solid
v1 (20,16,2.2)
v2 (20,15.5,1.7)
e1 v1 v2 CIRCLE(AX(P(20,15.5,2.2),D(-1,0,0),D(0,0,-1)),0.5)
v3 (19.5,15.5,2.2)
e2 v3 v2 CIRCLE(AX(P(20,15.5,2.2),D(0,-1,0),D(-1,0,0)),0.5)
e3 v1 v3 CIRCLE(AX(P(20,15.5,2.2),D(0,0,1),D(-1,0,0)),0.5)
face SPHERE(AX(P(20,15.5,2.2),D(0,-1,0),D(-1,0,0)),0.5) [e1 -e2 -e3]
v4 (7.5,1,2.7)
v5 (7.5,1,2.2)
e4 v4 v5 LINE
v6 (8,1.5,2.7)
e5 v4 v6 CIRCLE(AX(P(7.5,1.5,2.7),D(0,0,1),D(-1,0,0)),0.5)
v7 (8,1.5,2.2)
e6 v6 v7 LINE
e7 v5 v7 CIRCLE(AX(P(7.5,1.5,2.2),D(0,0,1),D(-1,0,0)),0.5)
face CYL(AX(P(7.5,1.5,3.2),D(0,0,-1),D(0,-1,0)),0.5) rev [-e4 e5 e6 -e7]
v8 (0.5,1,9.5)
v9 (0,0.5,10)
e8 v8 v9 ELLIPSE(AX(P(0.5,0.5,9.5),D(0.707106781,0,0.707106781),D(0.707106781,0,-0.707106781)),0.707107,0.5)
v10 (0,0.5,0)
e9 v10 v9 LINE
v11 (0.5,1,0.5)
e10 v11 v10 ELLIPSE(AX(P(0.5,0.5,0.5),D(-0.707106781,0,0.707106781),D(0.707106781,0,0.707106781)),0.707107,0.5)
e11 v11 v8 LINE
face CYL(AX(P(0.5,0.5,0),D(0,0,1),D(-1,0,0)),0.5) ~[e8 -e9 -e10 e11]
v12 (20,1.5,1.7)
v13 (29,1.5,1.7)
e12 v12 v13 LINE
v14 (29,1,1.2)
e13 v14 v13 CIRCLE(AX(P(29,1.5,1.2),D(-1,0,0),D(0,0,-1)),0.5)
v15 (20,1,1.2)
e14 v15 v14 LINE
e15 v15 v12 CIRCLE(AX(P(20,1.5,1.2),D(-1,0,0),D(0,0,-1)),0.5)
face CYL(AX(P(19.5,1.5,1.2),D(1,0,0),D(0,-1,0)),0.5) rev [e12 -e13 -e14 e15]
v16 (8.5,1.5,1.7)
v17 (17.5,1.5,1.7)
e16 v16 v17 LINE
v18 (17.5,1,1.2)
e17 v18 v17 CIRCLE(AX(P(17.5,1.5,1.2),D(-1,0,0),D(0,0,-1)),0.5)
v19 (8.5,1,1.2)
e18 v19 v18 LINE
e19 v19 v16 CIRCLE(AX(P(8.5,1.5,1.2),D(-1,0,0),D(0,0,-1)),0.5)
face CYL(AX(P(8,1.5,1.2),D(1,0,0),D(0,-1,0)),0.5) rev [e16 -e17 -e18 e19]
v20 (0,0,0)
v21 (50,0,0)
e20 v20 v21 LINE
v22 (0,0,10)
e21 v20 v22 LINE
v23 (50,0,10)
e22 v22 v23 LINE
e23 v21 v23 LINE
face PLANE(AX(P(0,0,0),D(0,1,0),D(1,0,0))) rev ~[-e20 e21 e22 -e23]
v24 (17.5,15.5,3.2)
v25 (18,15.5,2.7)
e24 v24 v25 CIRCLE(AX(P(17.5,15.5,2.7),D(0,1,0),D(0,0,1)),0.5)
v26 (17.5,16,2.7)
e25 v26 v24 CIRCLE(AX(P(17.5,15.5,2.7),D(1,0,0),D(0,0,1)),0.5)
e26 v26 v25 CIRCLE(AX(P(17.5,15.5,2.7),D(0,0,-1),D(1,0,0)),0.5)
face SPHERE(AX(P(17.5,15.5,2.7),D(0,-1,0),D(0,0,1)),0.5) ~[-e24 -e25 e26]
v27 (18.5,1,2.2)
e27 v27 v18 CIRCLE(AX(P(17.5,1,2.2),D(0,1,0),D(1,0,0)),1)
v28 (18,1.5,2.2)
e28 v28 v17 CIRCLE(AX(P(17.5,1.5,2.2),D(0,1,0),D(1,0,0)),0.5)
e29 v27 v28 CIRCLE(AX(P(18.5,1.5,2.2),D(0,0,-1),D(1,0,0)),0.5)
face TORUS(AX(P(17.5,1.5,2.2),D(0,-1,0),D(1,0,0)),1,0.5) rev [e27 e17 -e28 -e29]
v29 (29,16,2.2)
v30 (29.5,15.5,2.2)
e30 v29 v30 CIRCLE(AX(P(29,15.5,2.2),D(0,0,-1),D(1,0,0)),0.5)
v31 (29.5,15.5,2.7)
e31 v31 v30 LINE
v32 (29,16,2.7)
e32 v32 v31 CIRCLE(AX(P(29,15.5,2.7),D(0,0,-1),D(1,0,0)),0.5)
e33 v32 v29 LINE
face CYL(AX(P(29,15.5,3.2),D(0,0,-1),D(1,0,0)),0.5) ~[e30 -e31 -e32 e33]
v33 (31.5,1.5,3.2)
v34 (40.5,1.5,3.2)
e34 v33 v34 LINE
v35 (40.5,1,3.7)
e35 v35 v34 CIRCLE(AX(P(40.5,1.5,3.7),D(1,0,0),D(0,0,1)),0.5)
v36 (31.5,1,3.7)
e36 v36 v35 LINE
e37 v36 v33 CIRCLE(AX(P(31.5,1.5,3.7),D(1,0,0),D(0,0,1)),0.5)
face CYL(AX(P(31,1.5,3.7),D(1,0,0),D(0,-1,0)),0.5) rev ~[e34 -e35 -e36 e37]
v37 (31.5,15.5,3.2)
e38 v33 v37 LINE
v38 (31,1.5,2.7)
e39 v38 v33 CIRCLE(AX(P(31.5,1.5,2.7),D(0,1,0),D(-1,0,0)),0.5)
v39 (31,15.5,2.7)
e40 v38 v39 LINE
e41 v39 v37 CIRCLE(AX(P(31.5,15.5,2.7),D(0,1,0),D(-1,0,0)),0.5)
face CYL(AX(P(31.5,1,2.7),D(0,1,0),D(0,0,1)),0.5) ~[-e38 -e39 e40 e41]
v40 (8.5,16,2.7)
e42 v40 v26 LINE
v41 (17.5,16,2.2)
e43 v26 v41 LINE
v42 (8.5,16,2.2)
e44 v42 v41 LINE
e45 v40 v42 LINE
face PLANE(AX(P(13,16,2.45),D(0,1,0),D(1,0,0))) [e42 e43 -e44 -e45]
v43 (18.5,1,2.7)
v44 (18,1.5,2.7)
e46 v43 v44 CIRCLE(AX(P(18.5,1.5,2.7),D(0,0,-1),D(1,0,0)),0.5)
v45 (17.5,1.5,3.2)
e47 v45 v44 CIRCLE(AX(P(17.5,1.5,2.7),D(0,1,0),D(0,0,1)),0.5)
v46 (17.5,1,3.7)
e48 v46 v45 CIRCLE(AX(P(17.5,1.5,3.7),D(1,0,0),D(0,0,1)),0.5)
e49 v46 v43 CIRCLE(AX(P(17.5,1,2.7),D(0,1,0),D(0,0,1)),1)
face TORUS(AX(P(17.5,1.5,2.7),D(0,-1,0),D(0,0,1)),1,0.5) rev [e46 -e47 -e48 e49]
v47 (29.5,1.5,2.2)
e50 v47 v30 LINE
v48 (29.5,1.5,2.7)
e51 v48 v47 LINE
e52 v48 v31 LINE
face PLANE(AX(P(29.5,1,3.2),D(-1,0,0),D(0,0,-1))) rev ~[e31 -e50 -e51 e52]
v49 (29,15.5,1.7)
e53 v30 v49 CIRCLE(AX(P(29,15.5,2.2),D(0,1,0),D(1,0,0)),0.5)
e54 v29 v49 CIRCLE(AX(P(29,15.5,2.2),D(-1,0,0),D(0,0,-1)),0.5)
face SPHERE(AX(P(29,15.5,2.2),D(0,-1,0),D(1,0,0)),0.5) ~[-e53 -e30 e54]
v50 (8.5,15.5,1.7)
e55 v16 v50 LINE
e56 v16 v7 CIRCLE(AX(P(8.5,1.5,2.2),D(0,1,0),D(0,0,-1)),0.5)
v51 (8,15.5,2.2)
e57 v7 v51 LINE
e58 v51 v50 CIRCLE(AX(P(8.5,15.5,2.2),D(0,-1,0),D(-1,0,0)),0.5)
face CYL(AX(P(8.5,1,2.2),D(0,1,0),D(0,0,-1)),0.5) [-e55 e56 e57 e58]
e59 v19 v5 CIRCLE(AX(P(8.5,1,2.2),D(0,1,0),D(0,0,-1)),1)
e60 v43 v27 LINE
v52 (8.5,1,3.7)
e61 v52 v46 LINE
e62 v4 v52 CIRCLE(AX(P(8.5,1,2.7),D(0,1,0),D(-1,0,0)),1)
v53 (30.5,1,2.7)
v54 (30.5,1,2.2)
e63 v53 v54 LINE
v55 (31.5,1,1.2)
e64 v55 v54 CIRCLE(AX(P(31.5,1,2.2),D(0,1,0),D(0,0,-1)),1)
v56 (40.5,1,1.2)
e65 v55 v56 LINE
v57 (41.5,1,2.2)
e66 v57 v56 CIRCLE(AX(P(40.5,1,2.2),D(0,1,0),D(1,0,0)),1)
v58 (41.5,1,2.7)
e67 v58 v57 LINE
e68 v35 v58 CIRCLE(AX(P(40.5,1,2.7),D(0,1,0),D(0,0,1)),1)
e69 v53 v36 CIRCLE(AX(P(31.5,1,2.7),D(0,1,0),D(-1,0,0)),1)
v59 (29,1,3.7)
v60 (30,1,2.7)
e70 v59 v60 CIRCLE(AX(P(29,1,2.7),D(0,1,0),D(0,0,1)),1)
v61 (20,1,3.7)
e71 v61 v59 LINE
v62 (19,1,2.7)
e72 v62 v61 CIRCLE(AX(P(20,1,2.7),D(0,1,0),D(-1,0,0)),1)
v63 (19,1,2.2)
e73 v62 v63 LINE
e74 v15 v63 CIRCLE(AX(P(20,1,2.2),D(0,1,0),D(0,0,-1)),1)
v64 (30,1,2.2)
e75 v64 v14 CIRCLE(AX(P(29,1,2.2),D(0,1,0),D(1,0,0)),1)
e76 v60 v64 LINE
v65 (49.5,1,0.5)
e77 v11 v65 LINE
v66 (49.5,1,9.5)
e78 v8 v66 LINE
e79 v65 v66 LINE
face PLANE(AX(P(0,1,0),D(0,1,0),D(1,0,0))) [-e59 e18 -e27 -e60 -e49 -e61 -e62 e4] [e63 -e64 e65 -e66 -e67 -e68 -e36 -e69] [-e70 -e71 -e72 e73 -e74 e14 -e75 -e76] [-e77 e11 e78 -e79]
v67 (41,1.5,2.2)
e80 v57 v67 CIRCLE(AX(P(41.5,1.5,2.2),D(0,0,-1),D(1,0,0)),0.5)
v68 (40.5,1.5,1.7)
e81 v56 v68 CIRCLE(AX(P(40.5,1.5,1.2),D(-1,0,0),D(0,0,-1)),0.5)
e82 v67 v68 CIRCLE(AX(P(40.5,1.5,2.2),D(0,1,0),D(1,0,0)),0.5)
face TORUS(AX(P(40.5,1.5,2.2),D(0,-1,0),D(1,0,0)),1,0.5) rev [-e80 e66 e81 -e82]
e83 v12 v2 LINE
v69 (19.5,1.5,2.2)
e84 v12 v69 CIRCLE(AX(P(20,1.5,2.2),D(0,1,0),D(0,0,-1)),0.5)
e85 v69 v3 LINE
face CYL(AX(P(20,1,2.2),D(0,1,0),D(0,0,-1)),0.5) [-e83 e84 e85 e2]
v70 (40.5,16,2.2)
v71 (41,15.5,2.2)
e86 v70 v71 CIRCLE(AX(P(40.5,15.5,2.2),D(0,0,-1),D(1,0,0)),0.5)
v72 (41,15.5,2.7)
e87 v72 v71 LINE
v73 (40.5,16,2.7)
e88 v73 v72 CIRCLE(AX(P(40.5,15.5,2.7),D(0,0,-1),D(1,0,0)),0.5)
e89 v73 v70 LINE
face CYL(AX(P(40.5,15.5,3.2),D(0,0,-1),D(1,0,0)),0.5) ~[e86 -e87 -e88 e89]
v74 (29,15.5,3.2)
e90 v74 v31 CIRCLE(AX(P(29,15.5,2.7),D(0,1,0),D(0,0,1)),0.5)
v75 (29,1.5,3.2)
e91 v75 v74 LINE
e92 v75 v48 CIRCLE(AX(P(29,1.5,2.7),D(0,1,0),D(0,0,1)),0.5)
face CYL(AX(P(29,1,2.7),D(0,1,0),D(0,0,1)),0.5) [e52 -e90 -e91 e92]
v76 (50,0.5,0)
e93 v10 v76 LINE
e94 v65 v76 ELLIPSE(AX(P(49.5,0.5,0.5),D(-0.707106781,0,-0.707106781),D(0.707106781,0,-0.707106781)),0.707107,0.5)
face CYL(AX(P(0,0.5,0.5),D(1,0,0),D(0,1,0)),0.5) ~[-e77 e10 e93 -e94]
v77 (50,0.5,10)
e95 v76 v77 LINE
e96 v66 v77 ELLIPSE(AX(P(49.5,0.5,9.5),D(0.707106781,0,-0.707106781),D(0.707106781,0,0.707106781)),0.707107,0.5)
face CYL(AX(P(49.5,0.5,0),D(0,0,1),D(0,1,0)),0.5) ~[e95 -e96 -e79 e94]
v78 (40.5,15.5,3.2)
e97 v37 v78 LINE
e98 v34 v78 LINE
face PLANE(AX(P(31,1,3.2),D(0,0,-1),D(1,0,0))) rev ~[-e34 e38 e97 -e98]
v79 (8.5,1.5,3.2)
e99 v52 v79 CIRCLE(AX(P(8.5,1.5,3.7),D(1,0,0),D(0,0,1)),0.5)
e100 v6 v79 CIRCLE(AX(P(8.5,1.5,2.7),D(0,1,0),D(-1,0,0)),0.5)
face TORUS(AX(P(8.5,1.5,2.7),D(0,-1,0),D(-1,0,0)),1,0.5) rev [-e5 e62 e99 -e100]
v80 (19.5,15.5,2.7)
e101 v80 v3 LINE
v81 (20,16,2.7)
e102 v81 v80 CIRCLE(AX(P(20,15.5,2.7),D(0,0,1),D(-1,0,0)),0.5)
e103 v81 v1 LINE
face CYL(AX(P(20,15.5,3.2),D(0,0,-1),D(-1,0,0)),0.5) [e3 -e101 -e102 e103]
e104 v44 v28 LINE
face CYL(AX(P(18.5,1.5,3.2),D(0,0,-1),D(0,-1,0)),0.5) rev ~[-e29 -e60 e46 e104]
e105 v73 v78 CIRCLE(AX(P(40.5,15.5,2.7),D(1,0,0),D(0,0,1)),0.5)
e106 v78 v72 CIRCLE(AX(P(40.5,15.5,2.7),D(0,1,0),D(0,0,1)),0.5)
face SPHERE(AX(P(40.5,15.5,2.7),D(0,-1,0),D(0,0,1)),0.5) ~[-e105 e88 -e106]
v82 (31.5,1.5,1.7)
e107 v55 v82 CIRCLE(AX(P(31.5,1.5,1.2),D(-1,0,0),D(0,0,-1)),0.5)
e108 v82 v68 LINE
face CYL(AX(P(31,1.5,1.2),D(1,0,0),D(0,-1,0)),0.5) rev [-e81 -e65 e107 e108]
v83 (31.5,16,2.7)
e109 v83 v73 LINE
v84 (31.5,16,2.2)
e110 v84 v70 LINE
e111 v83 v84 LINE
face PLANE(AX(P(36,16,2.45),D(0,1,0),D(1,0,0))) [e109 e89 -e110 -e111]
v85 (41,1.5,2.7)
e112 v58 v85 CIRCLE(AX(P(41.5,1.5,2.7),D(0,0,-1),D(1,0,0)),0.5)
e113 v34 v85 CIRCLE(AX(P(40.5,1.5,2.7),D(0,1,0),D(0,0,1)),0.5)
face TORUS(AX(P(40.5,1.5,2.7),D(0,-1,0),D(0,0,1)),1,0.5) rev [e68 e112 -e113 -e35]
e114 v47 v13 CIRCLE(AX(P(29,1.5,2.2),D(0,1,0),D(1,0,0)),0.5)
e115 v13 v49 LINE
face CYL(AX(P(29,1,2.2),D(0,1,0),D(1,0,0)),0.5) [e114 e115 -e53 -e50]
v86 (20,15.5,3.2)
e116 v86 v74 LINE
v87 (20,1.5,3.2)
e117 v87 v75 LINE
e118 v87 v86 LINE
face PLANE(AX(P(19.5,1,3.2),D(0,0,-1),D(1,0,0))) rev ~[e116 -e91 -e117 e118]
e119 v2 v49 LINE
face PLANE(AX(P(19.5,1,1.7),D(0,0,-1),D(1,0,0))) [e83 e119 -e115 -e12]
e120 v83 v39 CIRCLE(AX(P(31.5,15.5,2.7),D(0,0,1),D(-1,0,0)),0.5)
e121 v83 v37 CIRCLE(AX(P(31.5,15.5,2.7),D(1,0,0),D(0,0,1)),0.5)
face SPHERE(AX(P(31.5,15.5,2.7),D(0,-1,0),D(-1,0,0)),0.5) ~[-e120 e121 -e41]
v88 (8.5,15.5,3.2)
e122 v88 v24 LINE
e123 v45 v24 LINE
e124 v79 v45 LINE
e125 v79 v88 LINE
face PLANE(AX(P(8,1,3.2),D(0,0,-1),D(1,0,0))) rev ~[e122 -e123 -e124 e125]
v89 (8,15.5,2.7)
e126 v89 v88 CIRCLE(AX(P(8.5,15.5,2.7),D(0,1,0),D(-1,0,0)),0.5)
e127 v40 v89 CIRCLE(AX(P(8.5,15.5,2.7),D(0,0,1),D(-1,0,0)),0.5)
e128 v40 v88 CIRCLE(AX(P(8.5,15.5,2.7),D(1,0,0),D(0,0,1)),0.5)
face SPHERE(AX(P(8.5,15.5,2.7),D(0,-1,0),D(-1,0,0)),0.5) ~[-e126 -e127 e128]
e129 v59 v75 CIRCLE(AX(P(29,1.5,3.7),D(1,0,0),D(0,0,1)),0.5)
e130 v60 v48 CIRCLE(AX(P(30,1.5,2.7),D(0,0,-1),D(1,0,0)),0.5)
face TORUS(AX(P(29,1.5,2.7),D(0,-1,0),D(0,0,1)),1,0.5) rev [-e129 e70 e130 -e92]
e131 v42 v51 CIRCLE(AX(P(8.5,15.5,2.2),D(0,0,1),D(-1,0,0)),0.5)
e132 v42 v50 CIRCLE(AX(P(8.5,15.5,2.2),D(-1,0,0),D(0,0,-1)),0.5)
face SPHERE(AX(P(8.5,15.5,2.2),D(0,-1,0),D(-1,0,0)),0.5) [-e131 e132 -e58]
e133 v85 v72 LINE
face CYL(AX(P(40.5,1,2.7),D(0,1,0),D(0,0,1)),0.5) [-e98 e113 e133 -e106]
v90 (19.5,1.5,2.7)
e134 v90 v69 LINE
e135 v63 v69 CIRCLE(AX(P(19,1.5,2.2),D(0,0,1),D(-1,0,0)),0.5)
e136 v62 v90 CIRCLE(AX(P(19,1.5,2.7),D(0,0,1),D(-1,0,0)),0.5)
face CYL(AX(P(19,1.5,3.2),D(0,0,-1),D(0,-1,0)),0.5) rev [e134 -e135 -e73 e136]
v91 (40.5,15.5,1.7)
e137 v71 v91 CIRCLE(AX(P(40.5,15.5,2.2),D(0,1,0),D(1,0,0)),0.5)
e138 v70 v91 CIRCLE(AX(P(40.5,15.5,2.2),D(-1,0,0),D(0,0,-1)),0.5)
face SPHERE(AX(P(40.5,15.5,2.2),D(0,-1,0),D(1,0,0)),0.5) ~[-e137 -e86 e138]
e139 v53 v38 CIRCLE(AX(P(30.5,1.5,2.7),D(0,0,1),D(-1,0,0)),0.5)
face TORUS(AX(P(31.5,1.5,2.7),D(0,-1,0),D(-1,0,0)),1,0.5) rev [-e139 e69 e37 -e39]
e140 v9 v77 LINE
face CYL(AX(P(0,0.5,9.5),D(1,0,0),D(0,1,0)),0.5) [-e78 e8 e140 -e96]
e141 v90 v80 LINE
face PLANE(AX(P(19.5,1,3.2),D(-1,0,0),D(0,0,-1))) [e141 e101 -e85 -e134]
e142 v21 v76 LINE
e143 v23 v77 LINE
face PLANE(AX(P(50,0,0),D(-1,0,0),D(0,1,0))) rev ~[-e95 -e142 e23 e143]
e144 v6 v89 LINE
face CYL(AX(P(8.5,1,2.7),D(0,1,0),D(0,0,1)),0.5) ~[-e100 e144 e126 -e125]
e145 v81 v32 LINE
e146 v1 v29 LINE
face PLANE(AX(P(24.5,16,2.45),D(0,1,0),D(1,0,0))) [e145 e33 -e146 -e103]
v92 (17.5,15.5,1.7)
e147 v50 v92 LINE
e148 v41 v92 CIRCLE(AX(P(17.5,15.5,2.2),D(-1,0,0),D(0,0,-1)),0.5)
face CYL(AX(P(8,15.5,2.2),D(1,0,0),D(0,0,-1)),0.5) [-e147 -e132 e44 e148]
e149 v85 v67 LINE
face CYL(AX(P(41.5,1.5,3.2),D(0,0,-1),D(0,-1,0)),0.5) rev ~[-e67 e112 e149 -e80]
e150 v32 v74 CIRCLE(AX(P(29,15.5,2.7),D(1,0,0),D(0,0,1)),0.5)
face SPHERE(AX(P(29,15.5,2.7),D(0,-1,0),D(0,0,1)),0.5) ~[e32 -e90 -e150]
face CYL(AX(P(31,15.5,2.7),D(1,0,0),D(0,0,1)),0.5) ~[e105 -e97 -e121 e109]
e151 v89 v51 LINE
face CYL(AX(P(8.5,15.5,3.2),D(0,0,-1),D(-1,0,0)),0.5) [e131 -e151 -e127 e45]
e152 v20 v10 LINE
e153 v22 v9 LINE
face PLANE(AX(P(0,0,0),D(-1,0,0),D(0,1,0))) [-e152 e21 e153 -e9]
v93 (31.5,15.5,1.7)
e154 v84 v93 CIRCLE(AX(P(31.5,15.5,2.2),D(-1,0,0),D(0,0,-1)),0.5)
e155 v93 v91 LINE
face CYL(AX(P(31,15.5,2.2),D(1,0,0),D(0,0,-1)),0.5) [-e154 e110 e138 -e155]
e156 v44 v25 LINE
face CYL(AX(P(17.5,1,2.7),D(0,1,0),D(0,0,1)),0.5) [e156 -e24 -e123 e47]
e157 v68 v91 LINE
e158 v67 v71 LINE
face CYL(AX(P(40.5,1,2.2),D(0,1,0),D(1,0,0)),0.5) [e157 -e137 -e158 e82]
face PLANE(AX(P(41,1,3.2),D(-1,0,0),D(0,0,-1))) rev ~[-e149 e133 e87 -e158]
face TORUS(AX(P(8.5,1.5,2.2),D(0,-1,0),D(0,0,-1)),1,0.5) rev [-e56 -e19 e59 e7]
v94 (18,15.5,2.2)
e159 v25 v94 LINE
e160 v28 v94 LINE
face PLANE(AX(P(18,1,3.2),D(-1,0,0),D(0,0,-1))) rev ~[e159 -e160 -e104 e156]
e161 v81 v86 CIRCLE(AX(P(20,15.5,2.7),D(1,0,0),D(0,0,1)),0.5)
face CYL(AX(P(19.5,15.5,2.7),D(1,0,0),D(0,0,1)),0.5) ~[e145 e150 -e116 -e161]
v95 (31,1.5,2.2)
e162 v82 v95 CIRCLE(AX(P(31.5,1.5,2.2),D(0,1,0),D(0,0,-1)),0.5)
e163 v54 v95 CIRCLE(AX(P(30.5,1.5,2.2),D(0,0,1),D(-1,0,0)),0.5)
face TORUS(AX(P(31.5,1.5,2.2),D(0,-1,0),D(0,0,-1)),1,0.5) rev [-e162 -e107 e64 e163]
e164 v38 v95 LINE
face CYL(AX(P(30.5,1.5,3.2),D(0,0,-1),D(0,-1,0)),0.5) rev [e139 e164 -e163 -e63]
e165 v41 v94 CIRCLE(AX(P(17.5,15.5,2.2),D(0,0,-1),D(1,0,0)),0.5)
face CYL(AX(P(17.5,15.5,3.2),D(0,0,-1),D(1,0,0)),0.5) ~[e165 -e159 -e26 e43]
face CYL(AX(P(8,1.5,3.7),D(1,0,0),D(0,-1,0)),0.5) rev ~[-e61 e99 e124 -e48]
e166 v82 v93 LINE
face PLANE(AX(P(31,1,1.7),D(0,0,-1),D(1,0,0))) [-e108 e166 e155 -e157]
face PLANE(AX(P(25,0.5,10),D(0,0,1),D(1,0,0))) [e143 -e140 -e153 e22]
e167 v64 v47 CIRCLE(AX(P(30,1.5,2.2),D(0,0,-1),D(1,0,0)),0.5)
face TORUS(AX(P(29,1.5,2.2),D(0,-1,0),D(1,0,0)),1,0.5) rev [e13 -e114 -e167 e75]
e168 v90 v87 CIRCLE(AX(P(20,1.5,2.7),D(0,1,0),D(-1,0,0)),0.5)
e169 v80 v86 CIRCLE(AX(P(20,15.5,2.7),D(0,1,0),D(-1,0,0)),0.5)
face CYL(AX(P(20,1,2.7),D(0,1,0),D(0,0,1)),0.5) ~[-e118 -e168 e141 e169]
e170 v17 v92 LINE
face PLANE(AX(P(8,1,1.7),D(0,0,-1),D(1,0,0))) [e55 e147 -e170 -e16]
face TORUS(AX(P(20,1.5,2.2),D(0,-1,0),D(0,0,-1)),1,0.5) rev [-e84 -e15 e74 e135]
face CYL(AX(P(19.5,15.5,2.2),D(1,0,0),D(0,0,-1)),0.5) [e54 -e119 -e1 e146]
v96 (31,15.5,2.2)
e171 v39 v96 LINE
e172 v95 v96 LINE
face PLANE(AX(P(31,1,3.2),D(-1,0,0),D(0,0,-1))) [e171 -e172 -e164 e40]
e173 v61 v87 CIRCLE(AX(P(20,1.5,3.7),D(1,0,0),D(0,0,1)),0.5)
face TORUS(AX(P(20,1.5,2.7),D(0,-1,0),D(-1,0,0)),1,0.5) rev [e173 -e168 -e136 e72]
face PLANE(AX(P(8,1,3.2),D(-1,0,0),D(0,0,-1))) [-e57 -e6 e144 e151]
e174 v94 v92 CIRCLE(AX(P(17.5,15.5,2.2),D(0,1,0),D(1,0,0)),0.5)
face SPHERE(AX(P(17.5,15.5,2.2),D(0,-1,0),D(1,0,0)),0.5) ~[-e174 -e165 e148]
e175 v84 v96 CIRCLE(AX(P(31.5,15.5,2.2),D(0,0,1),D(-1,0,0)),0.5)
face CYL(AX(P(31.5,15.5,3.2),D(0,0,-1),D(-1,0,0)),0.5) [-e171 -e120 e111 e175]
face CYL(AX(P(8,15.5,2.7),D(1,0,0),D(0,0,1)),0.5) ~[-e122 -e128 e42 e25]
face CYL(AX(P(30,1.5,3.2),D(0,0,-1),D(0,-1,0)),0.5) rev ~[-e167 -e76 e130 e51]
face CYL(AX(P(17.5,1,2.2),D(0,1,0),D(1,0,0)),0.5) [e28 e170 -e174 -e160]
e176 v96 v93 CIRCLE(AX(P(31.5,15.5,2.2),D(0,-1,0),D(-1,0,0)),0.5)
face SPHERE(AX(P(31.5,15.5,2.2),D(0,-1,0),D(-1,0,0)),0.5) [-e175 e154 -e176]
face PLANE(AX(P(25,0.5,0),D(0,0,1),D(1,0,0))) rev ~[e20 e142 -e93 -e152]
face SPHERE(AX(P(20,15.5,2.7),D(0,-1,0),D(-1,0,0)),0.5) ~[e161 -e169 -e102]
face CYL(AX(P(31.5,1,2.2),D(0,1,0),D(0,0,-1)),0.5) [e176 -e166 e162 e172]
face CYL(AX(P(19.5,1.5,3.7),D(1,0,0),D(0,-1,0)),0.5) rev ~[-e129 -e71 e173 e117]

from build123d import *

# Parameters (mm, degrees)
SKETCH_1_W      = 50
SKETCH_1_H      = 1
EXTRUDE_1_DEPTH = 10
SKETCH_2_W      = 10
SKETCH_2_H      = 1.5
EXTRUDE_2_DEPTH = 15
FILLET_3_R      = 0.5


with BuildPart() as part:
    # 草图1 → 凸台-拉伸1 (new body)
    with BuildSketch(Plane.XY):
        with Locations((25, 0.5)):
            Rectangle(SKETCH_1_W, SKETCH_1_H)
    extrude(amount=EXTRUDE_1_DEPTH)

    # 草图2 → 凸台-拉伸2 (add)
    with BuildSketch(Plane(origin=(0, 1, 0), x_dir=(1, 0, 0), z_dir=(0, 1, 0))):
        with Locations((13, -2.45)):
            Rectangle(SKETCH_2_W, SKETCH_2_H)
        with Locations((24.5, -2.45)):
            Rectangle(SKETCH_2_W, SKETCH_2_H)
        with Locations((36, -2.45)):
            Rectangle(SKETCH_2_W, SKETCH_2_H)
    extrude(amount=EXTRUDE_2_DEPTH)

    # 圆角3
    fillet_3_edges = [part.edges().sort_by_distance(p)[0] for p in [
        (25, 1, 10),
        (8, 1, 2.45),
        (8, 8.5, 1.7),
        (13, 1, 3.2),
        (8, 8.5, 3.2),
        (18, 1, 2.45),
        (18, 8.5, 3.2),
        (13, 1, 1.7),
        (18, 8.5, 1.7),
        (8, 16, 2.45),
        (13, 16, 3.2),
        (18, 16, 2.45),
        (13, 16, 1.7),
        (19.5, 1, 2.45),
        (19.5, 8.5, 1.7),
        (24.5, 1, 3.2),
        (19.5, 8.5, 3.2),
        (29.5, 1, 2.45),
        (29.5, 8.5, 3.2),
        (24.5, 1, 1.7),
        (29.5, 8.5, 1.7),
        (19.5, 16, 2.45),
        (24.5, 16, 3.2),
        (29.5, 16, 2.45),
        (24.5, 16, 1.7),
        (31, 1, 2.45),
        (31, 8.5, 1.7),
        (36, 1, 3.2),
        (31, 8.5, 3.2),
        (41, 1, 2.45),
        (41, 8.5, 3.2),
        (36, 1, 1.7),
        (41, 8.5, 1.7),
        (31, 16, 2.45),
        (36, 16, 3.2),
        (41, 16, 2.45),
        (36, 16, 1.7),
        (25, 1, 0),
        (0, 1, 5),
        (50, 1, 5),
    ]]
    fillet(fillet_3_edges, radius=FILLET_3_R)


solid = part.part
